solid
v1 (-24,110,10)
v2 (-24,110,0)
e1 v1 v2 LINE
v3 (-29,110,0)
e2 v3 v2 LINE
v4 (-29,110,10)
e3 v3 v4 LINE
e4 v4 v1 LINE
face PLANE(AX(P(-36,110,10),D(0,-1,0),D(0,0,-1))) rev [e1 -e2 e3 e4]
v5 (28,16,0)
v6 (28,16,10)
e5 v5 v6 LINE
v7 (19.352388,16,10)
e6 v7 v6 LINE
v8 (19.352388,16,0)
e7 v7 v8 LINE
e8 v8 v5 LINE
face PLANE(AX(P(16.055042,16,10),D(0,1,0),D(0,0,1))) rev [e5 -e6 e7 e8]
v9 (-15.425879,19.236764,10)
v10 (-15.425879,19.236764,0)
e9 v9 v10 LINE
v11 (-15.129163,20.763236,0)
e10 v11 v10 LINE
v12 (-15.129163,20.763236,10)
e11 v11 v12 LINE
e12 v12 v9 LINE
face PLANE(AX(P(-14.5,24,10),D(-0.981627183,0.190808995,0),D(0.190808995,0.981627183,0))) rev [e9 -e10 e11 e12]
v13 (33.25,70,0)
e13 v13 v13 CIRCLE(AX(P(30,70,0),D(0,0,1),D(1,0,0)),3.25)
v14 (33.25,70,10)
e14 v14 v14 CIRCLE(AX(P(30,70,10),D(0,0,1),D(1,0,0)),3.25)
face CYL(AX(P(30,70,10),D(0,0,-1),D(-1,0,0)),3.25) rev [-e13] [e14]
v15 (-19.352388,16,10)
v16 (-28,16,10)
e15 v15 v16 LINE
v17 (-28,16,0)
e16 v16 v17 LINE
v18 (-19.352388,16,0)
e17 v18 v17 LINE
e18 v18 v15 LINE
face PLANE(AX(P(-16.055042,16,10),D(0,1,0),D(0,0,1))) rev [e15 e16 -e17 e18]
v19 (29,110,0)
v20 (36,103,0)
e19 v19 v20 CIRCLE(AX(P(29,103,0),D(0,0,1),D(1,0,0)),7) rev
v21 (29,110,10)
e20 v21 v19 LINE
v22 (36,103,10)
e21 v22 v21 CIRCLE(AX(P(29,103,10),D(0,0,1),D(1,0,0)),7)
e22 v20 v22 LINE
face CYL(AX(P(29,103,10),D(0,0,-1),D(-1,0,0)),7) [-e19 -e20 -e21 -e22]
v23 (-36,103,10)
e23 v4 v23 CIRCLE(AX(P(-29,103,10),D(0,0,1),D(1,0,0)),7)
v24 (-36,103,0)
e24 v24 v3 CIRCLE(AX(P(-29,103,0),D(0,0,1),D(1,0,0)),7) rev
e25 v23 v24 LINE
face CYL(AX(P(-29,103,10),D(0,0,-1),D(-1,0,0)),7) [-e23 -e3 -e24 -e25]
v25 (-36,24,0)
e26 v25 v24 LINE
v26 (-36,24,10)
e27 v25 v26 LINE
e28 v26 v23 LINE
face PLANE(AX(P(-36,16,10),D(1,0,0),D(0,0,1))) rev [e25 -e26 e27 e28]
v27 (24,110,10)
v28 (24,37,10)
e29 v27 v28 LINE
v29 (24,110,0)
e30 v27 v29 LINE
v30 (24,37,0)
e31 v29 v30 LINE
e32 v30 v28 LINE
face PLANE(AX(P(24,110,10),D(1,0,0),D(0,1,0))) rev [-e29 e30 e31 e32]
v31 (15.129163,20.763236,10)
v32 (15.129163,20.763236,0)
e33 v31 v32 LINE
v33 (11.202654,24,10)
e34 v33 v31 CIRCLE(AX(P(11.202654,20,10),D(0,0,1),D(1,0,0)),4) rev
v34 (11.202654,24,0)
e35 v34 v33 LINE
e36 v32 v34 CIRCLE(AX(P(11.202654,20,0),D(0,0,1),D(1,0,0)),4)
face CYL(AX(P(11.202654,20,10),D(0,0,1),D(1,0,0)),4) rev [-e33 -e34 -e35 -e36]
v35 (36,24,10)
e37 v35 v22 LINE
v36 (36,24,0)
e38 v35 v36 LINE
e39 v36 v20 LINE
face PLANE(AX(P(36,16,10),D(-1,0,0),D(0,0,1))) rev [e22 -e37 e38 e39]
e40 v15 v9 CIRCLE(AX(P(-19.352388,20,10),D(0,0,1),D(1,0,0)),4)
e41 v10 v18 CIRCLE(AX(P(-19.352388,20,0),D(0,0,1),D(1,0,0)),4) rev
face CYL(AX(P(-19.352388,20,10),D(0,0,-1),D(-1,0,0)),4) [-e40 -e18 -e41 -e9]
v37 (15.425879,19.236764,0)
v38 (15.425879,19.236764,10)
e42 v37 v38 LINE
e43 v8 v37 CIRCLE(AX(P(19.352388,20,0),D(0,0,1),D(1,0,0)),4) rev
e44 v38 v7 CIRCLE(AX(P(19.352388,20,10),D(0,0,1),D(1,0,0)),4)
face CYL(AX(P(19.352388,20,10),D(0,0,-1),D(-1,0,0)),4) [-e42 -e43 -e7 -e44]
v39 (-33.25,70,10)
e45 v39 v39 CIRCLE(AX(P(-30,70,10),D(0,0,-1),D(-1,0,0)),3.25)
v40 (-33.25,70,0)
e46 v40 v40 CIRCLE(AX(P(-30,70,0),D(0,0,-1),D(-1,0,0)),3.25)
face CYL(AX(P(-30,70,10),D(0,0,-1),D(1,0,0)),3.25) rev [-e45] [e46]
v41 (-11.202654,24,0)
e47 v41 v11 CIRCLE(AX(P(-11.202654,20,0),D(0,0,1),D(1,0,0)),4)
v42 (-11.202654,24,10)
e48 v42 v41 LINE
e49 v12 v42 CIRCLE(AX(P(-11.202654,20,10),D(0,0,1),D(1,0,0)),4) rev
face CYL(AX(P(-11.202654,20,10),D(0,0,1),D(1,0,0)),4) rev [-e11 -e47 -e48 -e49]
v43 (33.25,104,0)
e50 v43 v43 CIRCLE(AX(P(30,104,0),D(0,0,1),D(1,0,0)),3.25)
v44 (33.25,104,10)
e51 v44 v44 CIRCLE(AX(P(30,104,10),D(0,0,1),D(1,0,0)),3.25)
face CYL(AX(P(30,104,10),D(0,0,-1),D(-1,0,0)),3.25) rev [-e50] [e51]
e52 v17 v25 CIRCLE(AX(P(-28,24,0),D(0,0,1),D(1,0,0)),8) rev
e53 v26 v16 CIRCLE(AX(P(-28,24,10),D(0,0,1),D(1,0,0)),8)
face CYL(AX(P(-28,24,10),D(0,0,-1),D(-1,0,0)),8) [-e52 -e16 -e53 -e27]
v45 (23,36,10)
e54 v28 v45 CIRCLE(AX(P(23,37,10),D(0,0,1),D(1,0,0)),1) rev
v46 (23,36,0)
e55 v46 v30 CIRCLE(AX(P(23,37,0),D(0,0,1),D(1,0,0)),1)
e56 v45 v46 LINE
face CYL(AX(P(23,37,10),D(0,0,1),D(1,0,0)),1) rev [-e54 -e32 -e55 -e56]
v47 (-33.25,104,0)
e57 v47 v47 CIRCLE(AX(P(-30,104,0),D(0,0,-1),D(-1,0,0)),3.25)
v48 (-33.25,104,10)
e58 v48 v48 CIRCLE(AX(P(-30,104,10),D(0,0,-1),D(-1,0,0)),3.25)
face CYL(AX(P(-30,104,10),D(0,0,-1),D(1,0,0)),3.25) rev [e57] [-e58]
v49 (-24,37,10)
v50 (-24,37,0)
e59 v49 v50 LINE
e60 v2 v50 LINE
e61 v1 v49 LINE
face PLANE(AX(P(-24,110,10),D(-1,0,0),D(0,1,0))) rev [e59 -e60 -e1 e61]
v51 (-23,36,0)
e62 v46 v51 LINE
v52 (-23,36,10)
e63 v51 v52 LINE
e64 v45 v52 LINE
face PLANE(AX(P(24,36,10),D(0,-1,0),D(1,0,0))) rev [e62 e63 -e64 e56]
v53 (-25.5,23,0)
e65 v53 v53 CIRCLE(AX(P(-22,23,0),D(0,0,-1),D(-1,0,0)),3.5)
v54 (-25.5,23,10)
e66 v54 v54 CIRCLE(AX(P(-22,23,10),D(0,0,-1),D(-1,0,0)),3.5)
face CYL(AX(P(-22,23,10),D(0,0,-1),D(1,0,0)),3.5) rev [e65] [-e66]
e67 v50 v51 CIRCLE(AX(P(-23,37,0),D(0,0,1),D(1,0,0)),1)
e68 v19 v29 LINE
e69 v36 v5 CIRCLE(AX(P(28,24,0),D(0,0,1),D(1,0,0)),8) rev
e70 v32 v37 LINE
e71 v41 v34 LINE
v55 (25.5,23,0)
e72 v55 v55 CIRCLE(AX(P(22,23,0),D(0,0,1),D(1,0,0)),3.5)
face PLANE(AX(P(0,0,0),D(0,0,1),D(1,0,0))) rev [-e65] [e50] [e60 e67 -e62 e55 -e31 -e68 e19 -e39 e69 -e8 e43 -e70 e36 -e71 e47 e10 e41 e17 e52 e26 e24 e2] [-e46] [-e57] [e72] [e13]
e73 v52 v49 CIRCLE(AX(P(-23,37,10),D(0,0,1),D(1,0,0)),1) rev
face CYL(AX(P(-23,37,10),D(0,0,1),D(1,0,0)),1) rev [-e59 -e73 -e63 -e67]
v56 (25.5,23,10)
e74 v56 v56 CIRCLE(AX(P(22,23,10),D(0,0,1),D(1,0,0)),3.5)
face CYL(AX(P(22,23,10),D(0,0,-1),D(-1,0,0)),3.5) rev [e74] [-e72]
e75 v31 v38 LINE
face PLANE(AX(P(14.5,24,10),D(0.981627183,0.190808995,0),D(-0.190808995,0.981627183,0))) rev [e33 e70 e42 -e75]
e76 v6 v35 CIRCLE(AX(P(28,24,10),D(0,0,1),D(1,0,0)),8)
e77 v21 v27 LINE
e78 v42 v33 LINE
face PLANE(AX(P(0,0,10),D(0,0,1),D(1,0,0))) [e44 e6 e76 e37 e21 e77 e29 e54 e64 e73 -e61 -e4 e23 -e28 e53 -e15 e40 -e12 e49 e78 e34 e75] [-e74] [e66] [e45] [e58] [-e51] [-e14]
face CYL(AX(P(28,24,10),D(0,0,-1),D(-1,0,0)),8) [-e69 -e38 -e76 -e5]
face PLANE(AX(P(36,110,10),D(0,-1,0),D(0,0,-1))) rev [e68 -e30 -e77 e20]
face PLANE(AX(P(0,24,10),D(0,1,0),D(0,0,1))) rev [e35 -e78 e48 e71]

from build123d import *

# Parameters (mm, degrees)
ESQUISSE1_R        = 3.25
ESQUISSE1_R_2      = 3.5
BOSS_EXTRU_1_DEPTH = 10
CONG_1_R           = 4
CONG_2_R           = 8
CONG_3_R           = 7
CONG_4_R           = 1


with BuildPart() as part:
    # Esquisse1 → Boss.-Extru.1 (new body)
    with BuildSketch(Plane.XY):
        Polygon((24, 110), (24, 36), (0, 36), (0, 24), (14.5, 24), (16.055042473, 16), (36, 16), (36, 110), align=None)
        with Locations((30, 104)):
            Circle(ESQUISSE1_R, mode=Mode.SUBTRACT)
        with Locations((22, 23)):
            Circle(ESQUISSE1_R_2, mode=Mode.SUBTRACT)
        with Locations((30, 70)):
            Circle(ESQUISSE1_R, mode=Mode.SUBTRACT)
    boss_extru_1 = extrude(amount=BOSS_EXTRU_1_DEPTH)

    # Symétrie2: Boss.-Extru.1 across plane
    add(boss_extru_1.mirror(Plane(origin=(0, 36, 10), x_dir=(0, 0, 1), z_dir=(1, 0, 0))))

    # Congé1
    cong_1_edges = [part.edges().sort_by_distance(p)[0] for p in [
        (16.055042473, 16, 5),
        (14.5, 24, 5),
        (-14.5, 24, 5),
        (-16.055042473, 16, 5),
    ]]
    fillet(cong_1_edges, radius=CONG_1_R)

    # Congé2
    cong_2_edges = [part.edges().sort_by_distance(p)[0] for p in [
        (36, 16, 5),
        (-36, 16, 5),
    ]]
    fillet(cong_2_edges, radius=CONG_2_R)

    # Congé3
    cong_3_edges = [part.edges().sort_by_distance(p)[0] for p in [
        (36, 110, 5),
        (-36, 110, 5),
    ]]
    fillet(cong_3_edges, radius=CONG_3_R)

    # Congé4
    cong_4_edges = [part.edges().sort_by_distance(p)[0] for p in [
        (24, 36, 5),
        (-24, 36, 5),
    ]]
    fillet(cong_4_edges, radius=CONG_4_R)


solid = part.part
